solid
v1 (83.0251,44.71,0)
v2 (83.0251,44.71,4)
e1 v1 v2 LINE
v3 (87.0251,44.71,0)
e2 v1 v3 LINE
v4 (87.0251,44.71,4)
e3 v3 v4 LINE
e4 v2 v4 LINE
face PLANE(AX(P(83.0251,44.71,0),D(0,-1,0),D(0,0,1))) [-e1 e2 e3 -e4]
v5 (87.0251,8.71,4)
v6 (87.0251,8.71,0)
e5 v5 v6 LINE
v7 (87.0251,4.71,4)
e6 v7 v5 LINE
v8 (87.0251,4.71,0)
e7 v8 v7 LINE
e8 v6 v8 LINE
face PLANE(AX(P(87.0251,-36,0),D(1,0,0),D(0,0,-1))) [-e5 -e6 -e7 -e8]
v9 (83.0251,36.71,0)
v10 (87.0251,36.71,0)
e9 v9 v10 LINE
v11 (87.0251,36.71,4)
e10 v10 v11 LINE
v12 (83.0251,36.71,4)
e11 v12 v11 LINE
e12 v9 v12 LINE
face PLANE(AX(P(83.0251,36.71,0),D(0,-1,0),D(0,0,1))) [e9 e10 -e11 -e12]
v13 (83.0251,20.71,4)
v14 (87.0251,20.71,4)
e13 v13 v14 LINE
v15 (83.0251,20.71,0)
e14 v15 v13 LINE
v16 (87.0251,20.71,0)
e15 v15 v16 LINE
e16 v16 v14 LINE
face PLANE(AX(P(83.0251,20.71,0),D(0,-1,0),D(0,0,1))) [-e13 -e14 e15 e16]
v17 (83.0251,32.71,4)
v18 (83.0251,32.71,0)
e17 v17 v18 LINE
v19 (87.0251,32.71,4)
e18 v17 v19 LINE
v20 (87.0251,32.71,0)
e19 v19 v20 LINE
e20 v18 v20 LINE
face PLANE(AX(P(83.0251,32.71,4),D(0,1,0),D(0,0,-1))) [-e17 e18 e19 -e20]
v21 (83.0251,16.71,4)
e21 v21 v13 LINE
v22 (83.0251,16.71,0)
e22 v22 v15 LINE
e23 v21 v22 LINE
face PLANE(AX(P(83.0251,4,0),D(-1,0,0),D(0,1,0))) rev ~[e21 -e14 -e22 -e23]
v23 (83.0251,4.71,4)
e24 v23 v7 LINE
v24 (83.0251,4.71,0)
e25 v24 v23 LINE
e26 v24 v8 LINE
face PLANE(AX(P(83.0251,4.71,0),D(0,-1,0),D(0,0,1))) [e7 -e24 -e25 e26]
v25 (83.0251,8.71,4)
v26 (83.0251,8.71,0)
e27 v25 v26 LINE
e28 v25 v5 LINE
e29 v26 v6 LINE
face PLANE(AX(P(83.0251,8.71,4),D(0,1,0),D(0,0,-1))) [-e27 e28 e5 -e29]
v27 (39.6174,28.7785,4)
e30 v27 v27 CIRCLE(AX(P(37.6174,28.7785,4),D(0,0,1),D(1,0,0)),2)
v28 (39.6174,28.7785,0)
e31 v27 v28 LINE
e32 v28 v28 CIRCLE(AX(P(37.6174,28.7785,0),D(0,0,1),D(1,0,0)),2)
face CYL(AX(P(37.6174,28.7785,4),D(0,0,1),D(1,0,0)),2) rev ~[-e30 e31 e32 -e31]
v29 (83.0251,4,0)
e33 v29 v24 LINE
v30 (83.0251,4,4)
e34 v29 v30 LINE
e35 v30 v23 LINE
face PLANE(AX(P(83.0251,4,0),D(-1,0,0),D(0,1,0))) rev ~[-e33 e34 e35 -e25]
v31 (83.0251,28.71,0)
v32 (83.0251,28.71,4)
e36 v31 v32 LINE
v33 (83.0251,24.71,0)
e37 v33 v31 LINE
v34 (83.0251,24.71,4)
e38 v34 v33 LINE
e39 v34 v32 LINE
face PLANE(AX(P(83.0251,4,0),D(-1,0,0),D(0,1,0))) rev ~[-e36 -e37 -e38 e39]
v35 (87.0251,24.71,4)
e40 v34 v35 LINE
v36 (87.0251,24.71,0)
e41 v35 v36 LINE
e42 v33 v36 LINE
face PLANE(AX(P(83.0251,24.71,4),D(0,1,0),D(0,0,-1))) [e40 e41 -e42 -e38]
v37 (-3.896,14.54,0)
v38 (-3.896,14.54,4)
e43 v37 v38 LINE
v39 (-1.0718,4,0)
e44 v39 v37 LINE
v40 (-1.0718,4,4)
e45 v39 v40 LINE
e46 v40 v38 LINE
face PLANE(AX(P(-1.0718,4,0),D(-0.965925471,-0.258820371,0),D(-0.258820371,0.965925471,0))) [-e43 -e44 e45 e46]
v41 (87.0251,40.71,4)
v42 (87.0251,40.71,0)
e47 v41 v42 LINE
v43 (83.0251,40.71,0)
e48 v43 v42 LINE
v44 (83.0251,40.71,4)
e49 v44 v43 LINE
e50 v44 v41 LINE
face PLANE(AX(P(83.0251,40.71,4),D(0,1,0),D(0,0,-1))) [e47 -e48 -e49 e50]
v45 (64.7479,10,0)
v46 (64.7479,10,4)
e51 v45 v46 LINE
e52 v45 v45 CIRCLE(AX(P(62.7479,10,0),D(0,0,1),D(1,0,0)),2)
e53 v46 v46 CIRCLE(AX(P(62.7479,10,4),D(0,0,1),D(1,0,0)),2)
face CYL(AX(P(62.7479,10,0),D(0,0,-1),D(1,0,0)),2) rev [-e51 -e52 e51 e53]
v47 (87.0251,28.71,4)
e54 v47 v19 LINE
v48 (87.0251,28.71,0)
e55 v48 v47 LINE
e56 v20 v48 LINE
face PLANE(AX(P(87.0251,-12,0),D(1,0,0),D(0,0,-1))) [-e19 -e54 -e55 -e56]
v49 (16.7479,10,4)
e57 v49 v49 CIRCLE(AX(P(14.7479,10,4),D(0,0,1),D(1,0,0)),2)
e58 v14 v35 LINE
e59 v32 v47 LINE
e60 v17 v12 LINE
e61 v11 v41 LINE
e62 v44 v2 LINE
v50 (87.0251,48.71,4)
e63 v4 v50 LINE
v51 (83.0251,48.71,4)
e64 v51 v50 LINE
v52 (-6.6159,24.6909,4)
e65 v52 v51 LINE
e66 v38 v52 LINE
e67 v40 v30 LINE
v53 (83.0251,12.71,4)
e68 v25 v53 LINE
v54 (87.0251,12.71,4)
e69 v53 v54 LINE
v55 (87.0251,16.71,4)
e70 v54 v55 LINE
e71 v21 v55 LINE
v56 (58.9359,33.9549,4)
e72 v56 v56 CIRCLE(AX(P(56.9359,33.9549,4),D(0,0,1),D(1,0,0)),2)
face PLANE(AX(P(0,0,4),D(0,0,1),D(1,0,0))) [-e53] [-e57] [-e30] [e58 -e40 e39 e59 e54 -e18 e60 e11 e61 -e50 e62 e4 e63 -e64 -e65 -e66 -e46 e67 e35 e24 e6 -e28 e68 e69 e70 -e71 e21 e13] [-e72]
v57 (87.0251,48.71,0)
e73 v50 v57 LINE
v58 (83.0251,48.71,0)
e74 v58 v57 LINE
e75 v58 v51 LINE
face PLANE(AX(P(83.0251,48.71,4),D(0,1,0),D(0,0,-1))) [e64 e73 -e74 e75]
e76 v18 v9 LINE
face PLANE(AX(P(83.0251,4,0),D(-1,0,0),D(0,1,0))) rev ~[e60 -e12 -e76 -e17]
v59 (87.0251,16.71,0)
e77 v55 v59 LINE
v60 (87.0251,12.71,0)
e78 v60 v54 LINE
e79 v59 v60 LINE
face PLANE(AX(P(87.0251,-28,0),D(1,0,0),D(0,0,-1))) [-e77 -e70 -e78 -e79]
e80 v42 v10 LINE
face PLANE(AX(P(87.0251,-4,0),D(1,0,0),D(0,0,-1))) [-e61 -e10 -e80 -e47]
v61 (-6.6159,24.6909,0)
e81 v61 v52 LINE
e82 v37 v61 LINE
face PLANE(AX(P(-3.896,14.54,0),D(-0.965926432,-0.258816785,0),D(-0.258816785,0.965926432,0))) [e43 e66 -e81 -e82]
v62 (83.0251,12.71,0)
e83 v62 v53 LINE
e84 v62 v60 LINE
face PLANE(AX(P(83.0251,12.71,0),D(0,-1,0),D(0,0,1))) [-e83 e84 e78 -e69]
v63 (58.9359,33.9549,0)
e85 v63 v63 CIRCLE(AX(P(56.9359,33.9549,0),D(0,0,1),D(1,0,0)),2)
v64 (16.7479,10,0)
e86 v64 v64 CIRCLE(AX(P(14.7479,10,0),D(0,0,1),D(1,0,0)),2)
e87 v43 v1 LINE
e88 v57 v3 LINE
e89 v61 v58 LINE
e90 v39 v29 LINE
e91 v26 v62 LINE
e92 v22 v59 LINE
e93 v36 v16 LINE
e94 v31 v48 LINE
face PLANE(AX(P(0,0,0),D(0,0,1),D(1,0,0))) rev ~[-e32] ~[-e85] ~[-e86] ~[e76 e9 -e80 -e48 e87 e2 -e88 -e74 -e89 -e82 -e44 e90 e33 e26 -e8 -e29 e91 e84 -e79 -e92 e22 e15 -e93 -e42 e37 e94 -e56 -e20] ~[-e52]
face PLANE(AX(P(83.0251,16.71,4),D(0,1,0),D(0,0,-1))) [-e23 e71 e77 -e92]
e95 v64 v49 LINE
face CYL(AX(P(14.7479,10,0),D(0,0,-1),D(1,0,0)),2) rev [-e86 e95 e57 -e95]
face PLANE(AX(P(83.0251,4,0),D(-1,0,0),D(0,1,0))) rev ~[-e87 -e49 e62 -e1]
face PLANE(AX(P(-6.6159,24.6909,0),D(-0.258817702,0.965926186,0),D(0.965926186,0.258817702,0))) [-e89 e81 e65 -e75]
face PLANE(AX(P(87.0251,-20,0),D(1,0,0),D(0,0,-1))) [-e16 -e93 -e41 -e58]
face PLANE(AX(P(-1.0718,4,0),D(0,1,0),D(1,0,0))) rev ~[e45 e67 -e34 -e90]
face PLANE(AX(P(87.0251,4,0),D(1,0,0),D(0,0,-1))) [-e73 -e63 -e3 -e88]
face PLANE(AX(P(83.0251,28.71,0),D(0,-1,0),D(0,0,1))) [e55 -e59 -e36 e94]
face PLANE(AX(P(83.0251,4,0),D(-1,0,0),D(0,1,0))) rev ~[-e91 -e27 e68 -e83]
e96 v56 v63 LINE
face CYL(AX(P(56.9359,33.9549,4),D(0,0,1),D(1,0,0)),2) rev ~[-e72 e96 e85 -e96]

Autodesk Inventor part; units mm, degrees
ref_plane "YZ Plane" through (0, 0, 0) normal (1, 0, 0) x (0, 1, 0)
ref_plane "XZ Plane" through (0, 0, 0) normal (0, 1, 0) x (-1, 0, 0)
ref_plane "XY Plane" through (0, 0, 0) normal (0, 0, 1) x (1, 0, 0)
sketch "Эскиз1" plane through (0, 0, 0) normal (0, 0, 1) x (1, 0, 0)
  line L0 (-1.0718, 4) -> (83.0251, 4)
  circle A0 centre (14.7479, 10) radius 2
  circle A1 centre (62.7479, 10) radius 2
  line L1 (-1.0718, 4) -> (-3.896, 14.54)
  line L2 (83.0251, 4) -> (83.0251, 48.71)
  line L3 (-3.896, 14.54) -> (-6.6159, 24.6909)
  line L4 (-6.6159, 24.6909) -> (83.0251, 48.71)
  dimension "d0" = 10.509
extrude "Выдавливание1" add sketch "Эскиз1" along normal blind 4
sketch "Эскиз2" plane through (83.0251, 4, 0) normal (1, 0, 0) x (0, 0, -1)
  line L0 (-4, 0) -> (-4, 44.71) projected
  line L1 (-4, 44.71) -> (0, 44.71)
  line L2 (0, 44.71) -> (0, 40.71)
  line L3 (0, 40.71) -> (-4, 40.71)
  line L4 (-4, 40.71) -> (-4, 44.71)
  point P0 (0, -4)
  point P1 (-4, 40.71)
  dimension "d3" = 4
  dimension "d4" = 4
extrude "Выдавливание2" add sketch "Эскиз2" along normal blind 4
pattern_linear "Прямоуг.массив1" count 6 spacing 8 along (0, -1, 0) of "Выдавливание2"
sketch "Эскиз3" plane through (0, 0, 4) normal (0, 0, 1) x (1, 0, 0)
  circle A0 centre (56.9359, 33.9549) radius 2
  line L0 (-6.6159, 24.6909) -> (-1.0718, 4)
  line L1 (-1.0718, 4) -> (83.0251, 4)
  line L2 (83.0251, 4) -> (83.0251, 4.71)
  line L3 (83.0251, 4.71) -> (87.0251, 4.71)
  line L4 (87.0251, 8.71) -> (87.0251, 4.71)
  line L5 (83.0251, 8.71) -> (87.0251, 8.71)
  line L6 (83.0251, 8.71) -> (83.0251, 12.71)
  line L7 (83.0251, 12.71) -> (87.0251, 12.71)
  line L8 (87.0251, 16.71) -> (87.0251, 12.71)
  line L9 (83.0251, 16.71) -> (87.0251, 16.71)
  line L10 (83.0251, 16.71) -> (83.0251, 20.71)
  line L11 (83.0251, 20.71) -> (87.0251, 20.71)
  line L12 (87.0251, 24.71) -> (87.0251, 20.71)
  line L13 (83.0251, 24.71) -> (87.0251, 24.71)
  line L14 (83.0251, 24.71) -> (83.0251, 28.71)
  line L15 (83.0251, 28.71) -> (87.0251, 28.71)
  line L16 (87.0251, 32.71) -> (87.0251, 28.71)
  line L17 (83.0251, 32.71) -> (87.0251, 32.71)
  line L18 (83.0251, 32.71) -> (83.0251, 36.71)
  line L19 (83.0251, 36.71) -> (87.0251, 36.71)
  line L20 (87.0251, 40.71) -> (87.0251, 36.71)
  line L21 (83.0251, 40.71) -> (87.0251, 40.71)
  line L22 (83.0251, 40.71) -> (83.0251, 44.71)
  line L23 (83.0251, 44.71) -> (87.0251, 44.71)
  line L24 (87.0251, 48.71) -> (87.0251, 44.71)
  line L25 (83.0251, 48.71) -> (87.0251, 48.71)
  line L26 (83.0251, 48.71) -> (-6.6159, 24.6909)
  circle A1 centre (62.7479, 10) radius 2
  circle A2 centre (14.7479, 10) radius 2
  circle A3 centre (37.6174, 28.7785) radius 2
  point P0 (0, 0)
  point P1 (0, 0)
extrude "Выдавливание3" cut sketch "Эскиз3" against normal blind 10 contours A0 | A3
properties part number "KB33-046-004-009 - Передняя левая боковая пластина"
